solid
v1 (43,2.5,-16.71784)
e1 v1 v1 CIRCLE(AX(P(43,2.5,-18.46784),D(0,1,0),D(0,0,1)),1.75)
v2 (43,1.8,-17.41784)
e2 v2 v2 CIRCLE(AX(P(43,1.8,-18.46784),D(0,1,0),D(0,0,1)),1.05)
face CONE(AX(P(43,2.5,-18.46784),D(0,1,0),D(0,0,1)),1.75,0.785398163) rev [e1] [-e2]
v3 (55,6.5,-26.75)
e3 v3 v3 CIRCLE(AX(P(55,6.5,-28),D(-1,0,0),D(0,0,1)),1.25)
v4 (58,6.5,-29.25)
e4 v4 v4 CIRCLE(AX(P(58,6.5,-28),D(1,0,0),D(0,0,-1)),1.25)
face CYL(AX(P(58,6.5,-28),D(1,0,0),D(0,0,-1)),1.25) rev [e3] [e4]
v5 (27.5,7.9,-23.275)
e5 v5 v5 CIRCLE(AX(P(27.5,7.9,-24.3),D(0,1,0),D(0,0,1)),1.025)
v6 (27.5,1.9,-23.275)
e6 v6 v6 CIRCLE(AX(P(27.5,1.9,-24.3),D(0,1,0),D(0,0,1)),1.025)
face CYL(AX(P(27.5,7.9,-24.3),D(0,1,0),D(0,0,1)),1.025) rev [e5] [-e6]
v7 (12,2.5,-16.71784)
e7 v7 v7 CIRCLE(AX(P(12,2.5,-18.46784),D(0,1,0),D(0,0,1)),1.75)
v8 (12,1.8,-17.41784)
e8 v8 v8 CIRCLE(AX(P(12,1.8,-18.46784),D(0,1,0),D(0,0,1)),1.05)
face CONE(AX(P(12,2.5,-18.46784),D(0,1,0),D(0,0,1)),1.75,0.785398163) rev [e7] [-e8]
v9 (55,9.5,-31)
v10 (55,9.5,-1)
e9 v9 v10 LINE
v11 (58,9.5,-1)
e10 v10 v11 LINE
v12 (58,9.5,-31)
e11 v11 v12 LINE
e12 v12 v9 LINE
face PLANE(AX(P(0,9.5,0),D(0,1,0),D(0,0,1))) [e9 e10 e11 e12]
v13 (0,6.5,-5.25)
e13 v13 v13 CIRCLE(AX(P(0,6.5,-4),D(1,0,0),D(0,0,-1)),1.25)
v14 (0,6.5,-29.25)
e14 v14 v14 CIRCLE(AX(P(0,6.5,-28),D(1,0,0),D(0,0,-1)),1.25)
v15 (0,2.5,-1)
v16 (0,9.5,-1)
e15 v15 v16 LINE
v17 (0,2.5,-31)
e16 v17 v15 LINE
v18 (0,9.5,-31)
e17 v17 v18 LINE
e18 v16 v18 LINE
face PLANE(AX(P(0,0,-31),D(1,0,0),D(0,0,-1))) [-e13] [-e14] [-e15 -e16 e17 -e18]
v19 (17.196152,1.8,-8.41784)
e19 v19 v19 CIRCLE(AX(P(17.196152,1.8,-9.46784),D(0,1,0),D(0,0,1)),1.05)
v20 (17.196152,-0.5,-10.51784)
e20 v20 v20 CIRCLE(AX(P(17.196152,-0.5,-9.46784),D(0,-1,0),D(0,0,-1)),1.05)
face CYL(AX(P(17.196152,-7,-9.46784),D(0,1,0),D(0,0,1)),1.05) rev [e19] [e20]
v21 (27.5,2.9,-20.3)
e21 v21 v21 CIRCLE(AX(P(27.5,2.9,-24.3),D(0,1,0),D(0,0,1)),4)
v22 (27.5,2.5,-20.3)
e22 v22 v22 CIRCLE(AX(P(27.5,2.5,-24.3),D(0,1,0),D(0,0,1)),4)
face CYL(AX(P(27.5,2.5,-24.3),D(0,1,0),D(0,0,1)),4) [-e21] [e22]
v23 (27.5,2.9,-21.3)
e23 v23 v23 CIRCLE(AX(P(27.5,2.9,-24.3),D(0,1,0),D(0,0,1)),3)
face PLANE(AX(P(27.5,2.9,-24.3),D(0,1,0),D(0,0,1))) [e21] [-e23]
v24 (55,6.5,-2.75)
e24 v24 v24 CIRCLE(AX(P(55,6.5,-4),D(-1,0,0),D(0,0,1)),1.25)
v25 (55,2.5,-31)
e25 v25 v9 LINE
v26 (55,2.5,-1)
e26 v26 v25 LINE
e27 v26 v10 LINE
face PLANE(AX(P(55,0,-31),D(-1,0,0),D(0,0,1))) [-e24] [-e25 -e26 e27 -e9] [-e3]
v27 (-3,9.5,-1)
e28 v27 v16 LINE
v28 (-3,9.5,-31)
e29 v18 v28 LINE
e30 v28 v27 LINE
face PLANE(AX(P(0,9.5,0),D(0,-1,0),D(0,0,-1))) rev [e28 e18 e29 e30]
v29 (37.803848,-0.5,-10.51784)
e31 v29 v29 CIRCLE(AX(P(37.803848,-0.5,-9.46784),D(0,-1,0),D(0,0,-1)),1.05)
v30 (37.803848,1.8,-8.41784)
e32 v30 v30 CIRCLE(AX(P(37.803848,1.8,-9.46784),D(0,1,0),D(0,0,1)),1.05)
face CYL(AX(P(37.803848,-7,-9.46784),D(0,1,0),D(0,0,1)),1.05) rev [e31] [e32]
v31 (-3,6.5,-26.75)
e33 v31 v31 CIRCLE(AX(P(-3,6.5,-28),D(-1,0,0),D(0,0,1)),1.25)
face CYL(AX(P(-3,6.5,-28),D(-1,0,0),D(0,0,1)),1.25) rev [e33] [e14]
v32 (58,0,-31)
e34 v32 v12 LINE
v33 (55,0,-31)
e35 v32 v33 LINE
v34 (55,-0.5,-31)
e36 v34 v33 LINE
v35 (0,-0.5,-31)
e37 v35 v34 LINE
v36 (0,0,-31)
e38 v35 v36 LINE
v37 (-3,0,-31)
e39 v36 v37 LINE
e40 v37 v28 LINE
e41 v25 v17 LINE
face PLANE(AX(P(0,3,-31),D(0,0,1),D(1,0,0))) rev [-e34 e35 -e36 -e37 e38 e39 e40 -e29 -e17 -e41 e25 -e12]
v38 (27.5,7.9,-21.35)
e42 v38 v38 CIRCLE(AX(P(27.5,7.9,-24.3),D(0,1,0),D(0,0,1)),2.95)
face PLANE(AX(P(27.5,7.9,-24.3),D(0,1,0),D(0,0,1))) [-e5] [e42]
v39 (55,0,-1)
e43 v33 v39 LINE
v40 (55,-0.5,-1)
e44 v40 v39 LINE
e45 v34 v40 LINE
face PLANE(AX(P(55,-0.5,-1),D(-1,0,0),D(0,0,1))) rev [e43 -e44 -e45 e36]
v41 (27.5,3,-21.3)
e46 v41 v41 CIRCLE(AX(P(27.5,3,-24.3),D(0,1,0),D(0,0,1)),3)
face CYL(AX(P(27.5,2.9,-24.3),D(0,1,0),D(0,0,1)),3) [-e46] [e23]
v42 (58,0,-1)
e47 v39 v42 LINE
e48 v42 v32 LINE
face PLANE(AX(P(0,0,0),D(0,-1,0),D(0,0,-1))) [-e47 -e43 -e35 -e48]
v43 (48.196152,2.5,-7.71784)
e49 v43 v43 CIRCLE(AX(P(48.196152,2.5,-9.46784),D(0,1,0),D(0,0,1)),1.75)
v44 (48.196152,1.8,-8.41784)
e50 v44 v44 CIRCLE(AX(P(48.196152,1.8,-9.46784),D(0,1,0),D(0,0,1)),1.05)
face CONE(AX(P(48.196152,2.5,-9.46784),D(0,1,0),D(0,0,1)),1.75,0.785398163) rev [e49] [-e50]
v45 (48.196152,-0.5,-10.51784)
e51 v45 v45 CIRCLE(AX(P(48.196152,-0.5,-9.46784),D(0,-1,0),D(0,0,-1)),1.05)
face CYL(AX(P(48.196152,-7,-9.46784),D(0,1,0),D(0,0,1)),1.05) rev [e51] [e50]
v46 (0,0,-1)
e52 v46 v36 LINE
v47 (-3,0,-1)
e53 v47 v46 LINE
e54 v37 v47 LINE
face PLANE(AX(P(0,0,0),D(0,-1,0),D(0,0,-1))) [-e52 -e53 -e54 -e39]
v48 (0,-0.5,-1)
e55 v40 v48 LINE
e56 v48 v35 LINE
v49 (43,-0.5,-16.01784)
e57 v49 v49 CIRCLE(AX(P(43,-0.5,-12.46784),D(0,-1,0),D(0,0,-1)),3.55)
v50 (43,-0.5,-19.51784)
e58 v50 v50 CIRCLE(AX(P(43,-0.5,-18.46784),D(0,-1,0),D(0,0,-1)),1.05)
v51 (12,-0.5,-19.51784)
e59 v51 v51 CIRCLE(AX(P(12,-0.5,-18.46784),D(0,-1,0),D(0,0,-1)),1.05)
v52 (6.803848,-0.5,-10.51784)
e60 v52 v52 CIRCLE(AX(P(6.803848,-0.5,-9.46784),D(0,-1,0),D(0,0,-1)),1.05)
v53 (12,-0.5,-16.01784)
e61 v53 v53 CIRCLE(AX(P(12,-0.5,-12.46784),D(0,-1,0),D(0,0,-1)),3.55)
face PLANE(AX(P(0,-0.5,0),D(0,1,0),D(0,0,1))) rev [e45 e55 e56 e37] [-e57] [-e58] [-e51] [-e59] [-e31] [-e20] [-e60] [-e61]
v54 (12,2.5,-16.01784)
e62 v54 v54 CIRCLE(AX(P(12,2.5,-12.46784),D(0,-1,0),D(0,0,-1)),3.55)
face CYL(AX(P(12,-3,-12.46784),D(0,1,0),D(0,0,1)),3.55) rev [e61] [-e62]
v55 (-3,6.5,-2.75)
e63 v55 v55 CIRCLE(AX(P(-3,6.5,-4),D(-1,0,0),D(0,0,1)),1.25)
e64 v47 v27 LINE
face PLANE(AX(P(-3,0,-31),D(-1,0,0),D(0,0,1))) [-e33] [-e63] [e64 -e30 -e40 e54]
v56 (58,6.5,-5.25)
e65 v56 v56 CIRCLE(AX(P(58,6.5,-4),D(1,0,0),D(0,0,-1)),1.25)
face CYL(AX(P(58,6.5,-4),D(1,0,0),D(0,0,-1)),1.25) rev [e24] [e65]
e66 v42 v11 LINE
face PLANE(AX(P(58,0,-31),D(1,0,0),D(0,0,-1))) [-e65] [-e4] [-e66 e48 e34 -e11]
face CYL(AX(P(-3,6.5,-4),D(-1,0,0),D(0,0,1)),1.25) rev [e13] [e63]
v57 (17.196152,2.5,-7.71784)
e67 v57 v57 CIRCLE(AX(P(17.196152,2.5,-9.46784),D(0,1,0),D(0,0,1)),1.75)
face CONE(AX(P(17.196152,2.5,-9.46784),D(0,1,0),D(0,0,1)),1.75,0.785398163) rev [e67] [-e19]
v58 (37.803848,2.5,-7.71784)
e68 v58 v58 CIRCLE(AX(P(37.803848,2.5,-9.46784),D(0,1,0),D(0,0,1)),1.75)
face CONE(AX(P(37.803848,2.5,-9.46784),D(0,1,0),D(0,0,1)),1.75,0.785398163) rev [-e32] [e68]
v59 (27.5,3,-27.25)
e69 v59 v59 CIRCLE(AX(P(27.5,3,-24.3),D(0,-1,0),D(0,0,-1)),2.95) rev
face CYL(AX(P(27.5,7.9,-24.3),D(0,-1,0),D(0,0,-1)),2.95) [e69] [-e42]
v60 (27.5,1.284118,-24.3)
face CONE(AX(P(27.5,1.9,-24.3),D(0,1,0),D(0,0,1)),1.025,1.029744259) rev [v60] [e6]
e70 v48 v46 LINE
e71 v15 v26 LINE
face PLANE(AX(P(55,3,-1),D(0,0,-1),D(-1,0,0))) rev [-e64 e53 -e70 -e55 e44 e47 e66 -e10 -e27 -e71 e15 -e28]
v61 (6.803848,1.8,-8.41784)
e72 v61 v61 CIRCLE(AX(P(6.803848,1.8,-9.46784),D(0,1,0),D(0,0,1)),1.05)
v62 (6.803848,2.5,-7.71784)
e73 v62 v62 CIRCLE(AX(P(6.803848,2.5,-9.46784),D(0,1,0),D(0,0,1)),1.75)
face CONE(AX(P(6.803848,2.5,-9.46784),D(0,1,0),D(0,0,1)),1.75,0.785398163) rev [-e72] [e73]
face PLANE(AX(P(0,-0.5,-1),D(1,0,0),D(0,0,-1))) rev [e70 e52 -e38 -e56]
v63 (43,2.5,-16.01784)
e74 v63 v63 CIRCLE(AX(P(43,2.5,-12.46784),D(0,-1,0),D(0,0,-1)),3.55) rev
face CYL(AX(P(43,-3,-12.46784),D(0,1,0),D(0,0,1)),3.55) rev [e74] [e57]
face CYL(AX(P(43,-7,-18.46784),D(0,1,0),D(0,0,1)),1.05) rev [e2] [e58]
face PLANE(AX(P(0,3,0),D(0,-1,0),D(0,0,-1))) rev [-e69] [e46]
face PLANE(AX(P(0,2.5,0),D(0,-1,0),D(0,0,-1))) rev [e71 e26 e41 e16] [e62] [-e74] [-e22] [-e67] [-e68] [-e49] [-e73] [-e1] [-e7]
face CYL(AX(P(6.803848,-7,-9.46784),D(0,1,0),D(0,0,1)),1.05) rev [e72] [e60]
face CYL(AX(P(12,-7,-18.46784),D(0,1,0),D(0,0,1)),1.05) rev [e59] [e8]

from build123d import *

# Parameters (mm, degrees)
SKETCH1_W                                       = 55
SKETCH1_H                                       = 30
BOSS_EXTRUDE1_DEPTH                             = 3
SKETCH2_R                                       = 2.95
BOSS_EXTRUDE2_DEPTH                             = 4.9
SKETCH8_R                                       = 3.55
CUT_EXTRUDE2_DEPTH                              = 6
SKETCH10_W                                      = 3
SKETCH10_H                                      = 30
BOSS_EXTRUDE3_DEPTH                             = 6.5
BOSS_EXTRUDE3_DEPTH_BACK                        = 3
SKETCH11_W                                      = 3
SKETCH11_H                                      = 30
BOSS_EXTRUDE4_DEPTH                             = 6.5
BOSS_EXTRUDE4_DEPTH_BACK                        = 3
TAP_DRILL_FOR_M3X0_5_TAP1_AT_2_COUNT            = 2
TAP_DRILL_FOR_M3X0_5_TAP1_AT_2_PITCH            = 24
TAP_DRILL_FOR_M2_5X0_45_TAP2_D                  = 2.05
TAP_DRILL_FOR_M2_5X0_45_TAP2_DEPTH              = 6
TAP_DRILL_FOR_M2_5X0_45_TAP2_TIP                = 0.615882
SKETCH18_R                                      = 1.05
CUT_EXTRUDE4_DEPTH                              = 10
CIRPATTERN2_COUNT                               = 3
MIRROR3_COPY_1_SKETCH_R                         = 1.05
MIRROR3_COPY_1_DEPTH                            = 10
MIRROR3_COPY_2_SKETCH_R                         = 1.05
MIRROR3_COPY_2_DEPTH                            = 10
SKETCH21_W                                      = 55
SKETCH21_H                                      = 30
SKETCH21_R                                      = 4
CUT_EXTRUDE7_DEPTH                              = 0.5
SKETCH23_R                                      = 4
SKETCH23_R_2                                    = 3
CUT_EXTRUDE8_DEPTH                              = 0.1
CSK_FOR_M2_FLAT_HEAD_MACHINE_SCREW1_D           = 2.1
CSK_FOR_M2_FLAT_HEAD_MACHINE_SCREW1_DEPTH       = 9.5
CSK_FOR_M2_FLAT_HEAD_MACHINE_SCREW1_CSINK_D     = 3.5
CSK_FOR_M2_FLAT_HEAD_MACHINE_SCREW1_CSINK_ANGLE = 90
CSK_FOR_M2_FLAT_HEAD_MACHINE_SCREW1_TIP         = 0.630904
SKETCH25_W                                      = 55
SKETCH25_H                                      = 30
SKETCH25_R                                      = 3.55
SKETCH25_R_2                                    = 1.05
BOSS_EXTRUDE6_DEPTH                             = 0.5


with BuildPart() as part:
    # Sketch1 → Boss-Extrude1 (new body)
    with BuildSketch(Plane(origin=(0, 0, 0), x_dir=(1, 0, 0), z_dir=(0, 1, 0))):
        with Locations((27.5, 16)):
            Rectangle(SKETCH1_W, SKETCH1_H)
    extrude(amount=BOSS_EXTRUDE1_DEPTH)

    # Sketch2 → Boss-Extrude2 (add)
    with BuildSketch(Plane(origin=(0, 3, 0), x_dir=(1, 0, 0), z_dir=(0, 1, 0))):
        with Locations((27.5, 24.3)):
            Circle(SKETCH2_R)
    extrude(amount=BOSS_EXTRUDE2_DEPTH)

    # Sketch8 → Cut-Extrude2 (cut)
    with BuildSketch(Plane(origin=(0, 3, 0), x_dir=(1, 0, 0), z_dir=(0, 1, 0))):
        with Locations((43, 12.46784)):
            Circle(SKETCH8_R)
    cut_extrude2 = extrude(amount=-CUT_EXTRUDE2_DEPTH, mode=Mode.SUBTRACT)

    # Mirror1: Cut-Extrude2 across plane
    add(cut_extrude2.mirror(Plane(origin=(27.5, 0, 0), x_dir=(0, 0, 1), z_dir=(1, 0, 0))), mode=Mode.SUBTRACT)

    # Sketch10 → Boss-Extrude3 (add, two sides)
    with BuildSketch(Plane(origin=(0, 3, 0), x_dir=(1, 0, 0), z_dir=(0, 1, 0))) as boss_extrude3_sk:
        with Locations((56.5, 16)):
            Rectangle(SKETCH10_W, SKETCH10_H)
    extrude(amount=BOSS_EXTRUDE3_DEPTH)
    extrude(boss_extrude3_sk.sketch, amount=-BOSS_EXTRUDE3_DEPTH_BACK)

    # Sketch11 → Boss-Extrude4 (add, two sides)
    with BuildSketch(Plane(origin=(0, 3, 0), x_dir=(1, 0, 0), z_dir=(0, 1, 0))) as boss_extrude4_sk:
        with Locations((-1.5, 16)):
            Rectangle(SKETCH11_W, SKETCH11_H)
    extrude(amount=BOSS_EXTRUDE4_DEPTH)
    extrude(boss_extrude4_sk.sketch, amount=-BOSS_EXTRUDE4_DEPTH_BACK)

    # Sketch12 → Tap Drill for M3x0.5 Tap1 (revolve, cut)
    with BuildSketch(Plane(origin=(-3, 6.5, -28), x_dir=(0, 0, 1), z_dir=(0, 1, 0))):
        Polygon((0, 0), (0, 10.751076), (1.25, 10), (1.25, 0), align=None)
    tap_drill_for_m3x0_5_tap1 = revolve(axis=Axis((-9.35, 6.5, -28), (1, 0, 0)), mode=Mode.SUBTRACT)

    # Tap Drill for M3x0.5 Tap1 at 2: Tap Drill for M3x0.5 Tap1 ×2
    with Locations(*[(0, 0, i * TAP_DRILL_FOR_M3X0_5_TAP1_AT_2_PITCH) for i in range(1, TAP_DRILL_FOR_M3X0_5_TAP1_AT_2_COUNT)]):
        add(tap_drill_for_m3x0_5_tap1, mode=Mode.SUBTRACT)

    # Mirror2: Tap Drill for M3x0.5 Tap1 across plane
    add(tap_drill_for_m3x0_5_tap1.mirror(Plane(origin=(27.5, 0, 0), x_dir=(0, 0, 1), z_dir=(1, 0, 0))), mode=Mode.SUBTRACT)

    # Mirror2 copy 1 sketch → Mirror2 copy 1 (revolve, cut)
    with BuildSketch(Plane(origin=(58, 6.5, -4), x_dir=(0, 0, 1), z_dir=(0, 1, 0))):
        Polygon((0, 0), (0, -10.751076), (1.25, -10), (1.25, 0), align=None)
    revolve(axis=Axis((64.35, 6.5, -4), (1, 0, 0)), mode=Mode.SUBTRACT)

    # Tap Drill for M2.5x0.45 Tap2
    with Locations(Plane(origin=(0, 7.9, 0), x_dir=(1, 0, 0), z_dir=(0, 1, 0))):
        with Locations((27.5, 24.3)):
            Hole(TAP_DRILL_FOR_M2_5X0_45_TAP2_D / 2, depth=TAP_DRILL_FOR_M2_5X0_45_TAP2_DEPTH)
            with Locations((0, 0, -(TAP_DRILL_FOR_M2_5X0_45_TAP2_DEPTH + TAP_DRILL_FOR_M2_5X0_45_TAP2_TIP / 2))):  # 118° drill point
                Cone(0, TAP_DRILL_FOR_M2_5X0_45_TAP2_D / 2, TAP_DRILL_FOR_M2_5X0_45_TAP2_TIP, mode=Mode.SUBTRACT)

    # Sketch18 → Cut-Extrude4 (cut)
    with BuildSketch(Plane(origin=(0, 3, 0), x_dir=(1, 0, 0), z_dir=(0, 1, 0))):
        with Locations((12, 18.46784)):
            Circle(SKETCH18_R)
    cut_extrude4 = extrude(amount=-CUT_EXTRUDE4_DEPTH, mode=Mode.SUBTRACT)

    # CirPattern2: Cut-Extrude4 ×3 about axis
    cirpattern2_axis = Axis((12, 0, -12.46784), (0, 1, 0))
    for i in range(1, CIRPATTERN2_COUNT):
        add(cut_extrude4.rotate(cirpattern2_axis, i * 360 / CIRPATTERN2_COUNT), mode=Mode.SUBTRACT)

    # Mirror3: Cut-Extrude4 across plane
    add(cut_extrude4.mirror(Plane(origin=(27.5, 0, 0), x_dir=(0, 0, 1), z_dir=(1, 0, 0))), mode=Mode.SUBTRACT)

    # Mirror3 copy 1 sketch → Mirror3 copy 1 (cut)
    with BuildSketch(Plane(origin=(26.202533, 3, -8.309456), x_dir=(0.5, 0, -0.866025), z_dir=(0, 1, 0))):
        with Locations((12, -18.46784)):
            Circle(MIRROR3_COPY_1_SKETCH_R)
    extrude(amount=-MIRROR3_COPY_1_DEPTH, mode=Mode.SUBTRACT)

    # Mirror3 copy 2 sketch → Mirror3 copy 2 (cut)
    with BuildSketch(Plane(origin=(47.797467, 3, -29.094065), x_dir=(0.5, 0, 0.866025), z_dir=(0, 1, 0))):
        with Locations((12, -18.46784)):
            Circle(MIRROR3_COPY_2_SKETCH_R)
    extrude(amount=-MIRROR3_COPY_2_DEPTH, mode=Mode.SUBTRACT)

    # Sketch21 → Cut-Extrude7 (cut)
    with BuildSketch(Plane(origin=(0, 3, 0), x_dir=(1, 0, 0), z_dir=(0, 1, 0))):
        with Locations((27.5, 16)):
            Rectangle(SKETCH21_W, SKETCH21_H)
        with Locations((27.5, 24.3)):
            Circle(SKETCH21_R, mode=Mode.SUBTRACT)
    extrude(amount=-CUT_EXTRUDE7_DEPTH, mode=Mode.SUBTRACT)

    # Sketch23 → Cut-Extrude8 (cut)
    with BuildSketch(Plane(origin=(0, 3, 0), x_dir=(1, 0, 0), z_dir=(0, 1, 0))):
        with Locations((27.5, 24.3)):
            Circle(SKETCH23_R)
        with Locations((27.5, 24.3)):
            Circle(SKETCH23_R_2, mode=Mode.SUBTRACT)
    extrude(amount=-CUT_EXTRUDE8_DEPTH, mode=Mode.SUBTRACT)

    # CSK for M2 Flat Head Machine Screw1
    with Locations(Plane(origin=(43, 2.5, -18.46784), x_dir=(0, 0, 1), z_dir=(0, 1, 0))):
        with Locations((0, 0), (9, 5.196152), (9, -5.196152), (9, -25.803848), (0, -31), (9, -36.196152)):
            CounterSinkHole(CSK_FOR_M2_FLAT_HEAD_MACHINE_SCREW1_D / 2, CSK_FOR_M2_FLAT_HEAD_MACHINE_SCREW1_CSINK_D / 2, depth=CSK_FOR_M2_FLAT_HEAD_MACHINE_SCREW1_DEPTH, counter_sink_angle=CSK_FOR_M2_FLAT_HEAD_MACHINE_SCREW1_CSINK_ANGLE)
            with Locations((0, 0, -(CSK_FOR_M2_FLAT_HEAD_MACHINE_SCREW1_DEPTH + CSK_FOR_M2_FLAT_HEAD_MACHINE_SCREW1_TIP / 2))):  # 118° drill point
                Cone(0, CSK_FOR_M2_FLAT_HEAD_MACHINE_SCREW1_D / 2, CSK_FOR_M2_FLAT_HEAD_MACHINE_SCREW1_TIP, mode=Mode.SUBTRACT)

    # Sketch25 → Boss-Extrude6 (add)
    with BuildSketch(Plane(origin=(0, 0, 0), x_dir=(-1, 0, 0), z_dir=(0, -1, 0))):
        with Locations((-27.5, 16)):
            Rectangle(SKETCH25_W, SKETCH25_H)
        with Locations((-43, 12.46784)):
            Circle(SKETCH25_R, mode=Mode.SUBTRACT)
        with Locations((-48.196152, 9.46784)):
            Circle(SKETCH25_R_2, mode=Mode.SUBTRACT)
        with Locations((-43, 18.46784)):
            Circle(SKETCH25_R_2, mode=Mode.SUBTRACT)
        with Locations((-37.803848, 9.46784)):
            Circle(SKETCH25_R_2, mode=Mode.SUBTRACT)
        with Locations((-12, 12.46784)):
            Circle(SKETCH25_R, mode=Mode.SUBTRACT)
        with Locations((-17.196152, 9.46784)):
            Circle(SKETCH25_R_2, mode=Mode.SUBTRACT)
        with Locations((-12, 18.46784)):
            Circle(SKETCH25_R_2, mode=Mode.SUBTRACT)
        with Locations((-6.803848, 9.46784)):
            Circle(SKETCH25_R_2, mode=Mode.SUBTRACT)
    extrude(amount=BOSS_EXTRUDE6_DEPTH)


solid = part.part
